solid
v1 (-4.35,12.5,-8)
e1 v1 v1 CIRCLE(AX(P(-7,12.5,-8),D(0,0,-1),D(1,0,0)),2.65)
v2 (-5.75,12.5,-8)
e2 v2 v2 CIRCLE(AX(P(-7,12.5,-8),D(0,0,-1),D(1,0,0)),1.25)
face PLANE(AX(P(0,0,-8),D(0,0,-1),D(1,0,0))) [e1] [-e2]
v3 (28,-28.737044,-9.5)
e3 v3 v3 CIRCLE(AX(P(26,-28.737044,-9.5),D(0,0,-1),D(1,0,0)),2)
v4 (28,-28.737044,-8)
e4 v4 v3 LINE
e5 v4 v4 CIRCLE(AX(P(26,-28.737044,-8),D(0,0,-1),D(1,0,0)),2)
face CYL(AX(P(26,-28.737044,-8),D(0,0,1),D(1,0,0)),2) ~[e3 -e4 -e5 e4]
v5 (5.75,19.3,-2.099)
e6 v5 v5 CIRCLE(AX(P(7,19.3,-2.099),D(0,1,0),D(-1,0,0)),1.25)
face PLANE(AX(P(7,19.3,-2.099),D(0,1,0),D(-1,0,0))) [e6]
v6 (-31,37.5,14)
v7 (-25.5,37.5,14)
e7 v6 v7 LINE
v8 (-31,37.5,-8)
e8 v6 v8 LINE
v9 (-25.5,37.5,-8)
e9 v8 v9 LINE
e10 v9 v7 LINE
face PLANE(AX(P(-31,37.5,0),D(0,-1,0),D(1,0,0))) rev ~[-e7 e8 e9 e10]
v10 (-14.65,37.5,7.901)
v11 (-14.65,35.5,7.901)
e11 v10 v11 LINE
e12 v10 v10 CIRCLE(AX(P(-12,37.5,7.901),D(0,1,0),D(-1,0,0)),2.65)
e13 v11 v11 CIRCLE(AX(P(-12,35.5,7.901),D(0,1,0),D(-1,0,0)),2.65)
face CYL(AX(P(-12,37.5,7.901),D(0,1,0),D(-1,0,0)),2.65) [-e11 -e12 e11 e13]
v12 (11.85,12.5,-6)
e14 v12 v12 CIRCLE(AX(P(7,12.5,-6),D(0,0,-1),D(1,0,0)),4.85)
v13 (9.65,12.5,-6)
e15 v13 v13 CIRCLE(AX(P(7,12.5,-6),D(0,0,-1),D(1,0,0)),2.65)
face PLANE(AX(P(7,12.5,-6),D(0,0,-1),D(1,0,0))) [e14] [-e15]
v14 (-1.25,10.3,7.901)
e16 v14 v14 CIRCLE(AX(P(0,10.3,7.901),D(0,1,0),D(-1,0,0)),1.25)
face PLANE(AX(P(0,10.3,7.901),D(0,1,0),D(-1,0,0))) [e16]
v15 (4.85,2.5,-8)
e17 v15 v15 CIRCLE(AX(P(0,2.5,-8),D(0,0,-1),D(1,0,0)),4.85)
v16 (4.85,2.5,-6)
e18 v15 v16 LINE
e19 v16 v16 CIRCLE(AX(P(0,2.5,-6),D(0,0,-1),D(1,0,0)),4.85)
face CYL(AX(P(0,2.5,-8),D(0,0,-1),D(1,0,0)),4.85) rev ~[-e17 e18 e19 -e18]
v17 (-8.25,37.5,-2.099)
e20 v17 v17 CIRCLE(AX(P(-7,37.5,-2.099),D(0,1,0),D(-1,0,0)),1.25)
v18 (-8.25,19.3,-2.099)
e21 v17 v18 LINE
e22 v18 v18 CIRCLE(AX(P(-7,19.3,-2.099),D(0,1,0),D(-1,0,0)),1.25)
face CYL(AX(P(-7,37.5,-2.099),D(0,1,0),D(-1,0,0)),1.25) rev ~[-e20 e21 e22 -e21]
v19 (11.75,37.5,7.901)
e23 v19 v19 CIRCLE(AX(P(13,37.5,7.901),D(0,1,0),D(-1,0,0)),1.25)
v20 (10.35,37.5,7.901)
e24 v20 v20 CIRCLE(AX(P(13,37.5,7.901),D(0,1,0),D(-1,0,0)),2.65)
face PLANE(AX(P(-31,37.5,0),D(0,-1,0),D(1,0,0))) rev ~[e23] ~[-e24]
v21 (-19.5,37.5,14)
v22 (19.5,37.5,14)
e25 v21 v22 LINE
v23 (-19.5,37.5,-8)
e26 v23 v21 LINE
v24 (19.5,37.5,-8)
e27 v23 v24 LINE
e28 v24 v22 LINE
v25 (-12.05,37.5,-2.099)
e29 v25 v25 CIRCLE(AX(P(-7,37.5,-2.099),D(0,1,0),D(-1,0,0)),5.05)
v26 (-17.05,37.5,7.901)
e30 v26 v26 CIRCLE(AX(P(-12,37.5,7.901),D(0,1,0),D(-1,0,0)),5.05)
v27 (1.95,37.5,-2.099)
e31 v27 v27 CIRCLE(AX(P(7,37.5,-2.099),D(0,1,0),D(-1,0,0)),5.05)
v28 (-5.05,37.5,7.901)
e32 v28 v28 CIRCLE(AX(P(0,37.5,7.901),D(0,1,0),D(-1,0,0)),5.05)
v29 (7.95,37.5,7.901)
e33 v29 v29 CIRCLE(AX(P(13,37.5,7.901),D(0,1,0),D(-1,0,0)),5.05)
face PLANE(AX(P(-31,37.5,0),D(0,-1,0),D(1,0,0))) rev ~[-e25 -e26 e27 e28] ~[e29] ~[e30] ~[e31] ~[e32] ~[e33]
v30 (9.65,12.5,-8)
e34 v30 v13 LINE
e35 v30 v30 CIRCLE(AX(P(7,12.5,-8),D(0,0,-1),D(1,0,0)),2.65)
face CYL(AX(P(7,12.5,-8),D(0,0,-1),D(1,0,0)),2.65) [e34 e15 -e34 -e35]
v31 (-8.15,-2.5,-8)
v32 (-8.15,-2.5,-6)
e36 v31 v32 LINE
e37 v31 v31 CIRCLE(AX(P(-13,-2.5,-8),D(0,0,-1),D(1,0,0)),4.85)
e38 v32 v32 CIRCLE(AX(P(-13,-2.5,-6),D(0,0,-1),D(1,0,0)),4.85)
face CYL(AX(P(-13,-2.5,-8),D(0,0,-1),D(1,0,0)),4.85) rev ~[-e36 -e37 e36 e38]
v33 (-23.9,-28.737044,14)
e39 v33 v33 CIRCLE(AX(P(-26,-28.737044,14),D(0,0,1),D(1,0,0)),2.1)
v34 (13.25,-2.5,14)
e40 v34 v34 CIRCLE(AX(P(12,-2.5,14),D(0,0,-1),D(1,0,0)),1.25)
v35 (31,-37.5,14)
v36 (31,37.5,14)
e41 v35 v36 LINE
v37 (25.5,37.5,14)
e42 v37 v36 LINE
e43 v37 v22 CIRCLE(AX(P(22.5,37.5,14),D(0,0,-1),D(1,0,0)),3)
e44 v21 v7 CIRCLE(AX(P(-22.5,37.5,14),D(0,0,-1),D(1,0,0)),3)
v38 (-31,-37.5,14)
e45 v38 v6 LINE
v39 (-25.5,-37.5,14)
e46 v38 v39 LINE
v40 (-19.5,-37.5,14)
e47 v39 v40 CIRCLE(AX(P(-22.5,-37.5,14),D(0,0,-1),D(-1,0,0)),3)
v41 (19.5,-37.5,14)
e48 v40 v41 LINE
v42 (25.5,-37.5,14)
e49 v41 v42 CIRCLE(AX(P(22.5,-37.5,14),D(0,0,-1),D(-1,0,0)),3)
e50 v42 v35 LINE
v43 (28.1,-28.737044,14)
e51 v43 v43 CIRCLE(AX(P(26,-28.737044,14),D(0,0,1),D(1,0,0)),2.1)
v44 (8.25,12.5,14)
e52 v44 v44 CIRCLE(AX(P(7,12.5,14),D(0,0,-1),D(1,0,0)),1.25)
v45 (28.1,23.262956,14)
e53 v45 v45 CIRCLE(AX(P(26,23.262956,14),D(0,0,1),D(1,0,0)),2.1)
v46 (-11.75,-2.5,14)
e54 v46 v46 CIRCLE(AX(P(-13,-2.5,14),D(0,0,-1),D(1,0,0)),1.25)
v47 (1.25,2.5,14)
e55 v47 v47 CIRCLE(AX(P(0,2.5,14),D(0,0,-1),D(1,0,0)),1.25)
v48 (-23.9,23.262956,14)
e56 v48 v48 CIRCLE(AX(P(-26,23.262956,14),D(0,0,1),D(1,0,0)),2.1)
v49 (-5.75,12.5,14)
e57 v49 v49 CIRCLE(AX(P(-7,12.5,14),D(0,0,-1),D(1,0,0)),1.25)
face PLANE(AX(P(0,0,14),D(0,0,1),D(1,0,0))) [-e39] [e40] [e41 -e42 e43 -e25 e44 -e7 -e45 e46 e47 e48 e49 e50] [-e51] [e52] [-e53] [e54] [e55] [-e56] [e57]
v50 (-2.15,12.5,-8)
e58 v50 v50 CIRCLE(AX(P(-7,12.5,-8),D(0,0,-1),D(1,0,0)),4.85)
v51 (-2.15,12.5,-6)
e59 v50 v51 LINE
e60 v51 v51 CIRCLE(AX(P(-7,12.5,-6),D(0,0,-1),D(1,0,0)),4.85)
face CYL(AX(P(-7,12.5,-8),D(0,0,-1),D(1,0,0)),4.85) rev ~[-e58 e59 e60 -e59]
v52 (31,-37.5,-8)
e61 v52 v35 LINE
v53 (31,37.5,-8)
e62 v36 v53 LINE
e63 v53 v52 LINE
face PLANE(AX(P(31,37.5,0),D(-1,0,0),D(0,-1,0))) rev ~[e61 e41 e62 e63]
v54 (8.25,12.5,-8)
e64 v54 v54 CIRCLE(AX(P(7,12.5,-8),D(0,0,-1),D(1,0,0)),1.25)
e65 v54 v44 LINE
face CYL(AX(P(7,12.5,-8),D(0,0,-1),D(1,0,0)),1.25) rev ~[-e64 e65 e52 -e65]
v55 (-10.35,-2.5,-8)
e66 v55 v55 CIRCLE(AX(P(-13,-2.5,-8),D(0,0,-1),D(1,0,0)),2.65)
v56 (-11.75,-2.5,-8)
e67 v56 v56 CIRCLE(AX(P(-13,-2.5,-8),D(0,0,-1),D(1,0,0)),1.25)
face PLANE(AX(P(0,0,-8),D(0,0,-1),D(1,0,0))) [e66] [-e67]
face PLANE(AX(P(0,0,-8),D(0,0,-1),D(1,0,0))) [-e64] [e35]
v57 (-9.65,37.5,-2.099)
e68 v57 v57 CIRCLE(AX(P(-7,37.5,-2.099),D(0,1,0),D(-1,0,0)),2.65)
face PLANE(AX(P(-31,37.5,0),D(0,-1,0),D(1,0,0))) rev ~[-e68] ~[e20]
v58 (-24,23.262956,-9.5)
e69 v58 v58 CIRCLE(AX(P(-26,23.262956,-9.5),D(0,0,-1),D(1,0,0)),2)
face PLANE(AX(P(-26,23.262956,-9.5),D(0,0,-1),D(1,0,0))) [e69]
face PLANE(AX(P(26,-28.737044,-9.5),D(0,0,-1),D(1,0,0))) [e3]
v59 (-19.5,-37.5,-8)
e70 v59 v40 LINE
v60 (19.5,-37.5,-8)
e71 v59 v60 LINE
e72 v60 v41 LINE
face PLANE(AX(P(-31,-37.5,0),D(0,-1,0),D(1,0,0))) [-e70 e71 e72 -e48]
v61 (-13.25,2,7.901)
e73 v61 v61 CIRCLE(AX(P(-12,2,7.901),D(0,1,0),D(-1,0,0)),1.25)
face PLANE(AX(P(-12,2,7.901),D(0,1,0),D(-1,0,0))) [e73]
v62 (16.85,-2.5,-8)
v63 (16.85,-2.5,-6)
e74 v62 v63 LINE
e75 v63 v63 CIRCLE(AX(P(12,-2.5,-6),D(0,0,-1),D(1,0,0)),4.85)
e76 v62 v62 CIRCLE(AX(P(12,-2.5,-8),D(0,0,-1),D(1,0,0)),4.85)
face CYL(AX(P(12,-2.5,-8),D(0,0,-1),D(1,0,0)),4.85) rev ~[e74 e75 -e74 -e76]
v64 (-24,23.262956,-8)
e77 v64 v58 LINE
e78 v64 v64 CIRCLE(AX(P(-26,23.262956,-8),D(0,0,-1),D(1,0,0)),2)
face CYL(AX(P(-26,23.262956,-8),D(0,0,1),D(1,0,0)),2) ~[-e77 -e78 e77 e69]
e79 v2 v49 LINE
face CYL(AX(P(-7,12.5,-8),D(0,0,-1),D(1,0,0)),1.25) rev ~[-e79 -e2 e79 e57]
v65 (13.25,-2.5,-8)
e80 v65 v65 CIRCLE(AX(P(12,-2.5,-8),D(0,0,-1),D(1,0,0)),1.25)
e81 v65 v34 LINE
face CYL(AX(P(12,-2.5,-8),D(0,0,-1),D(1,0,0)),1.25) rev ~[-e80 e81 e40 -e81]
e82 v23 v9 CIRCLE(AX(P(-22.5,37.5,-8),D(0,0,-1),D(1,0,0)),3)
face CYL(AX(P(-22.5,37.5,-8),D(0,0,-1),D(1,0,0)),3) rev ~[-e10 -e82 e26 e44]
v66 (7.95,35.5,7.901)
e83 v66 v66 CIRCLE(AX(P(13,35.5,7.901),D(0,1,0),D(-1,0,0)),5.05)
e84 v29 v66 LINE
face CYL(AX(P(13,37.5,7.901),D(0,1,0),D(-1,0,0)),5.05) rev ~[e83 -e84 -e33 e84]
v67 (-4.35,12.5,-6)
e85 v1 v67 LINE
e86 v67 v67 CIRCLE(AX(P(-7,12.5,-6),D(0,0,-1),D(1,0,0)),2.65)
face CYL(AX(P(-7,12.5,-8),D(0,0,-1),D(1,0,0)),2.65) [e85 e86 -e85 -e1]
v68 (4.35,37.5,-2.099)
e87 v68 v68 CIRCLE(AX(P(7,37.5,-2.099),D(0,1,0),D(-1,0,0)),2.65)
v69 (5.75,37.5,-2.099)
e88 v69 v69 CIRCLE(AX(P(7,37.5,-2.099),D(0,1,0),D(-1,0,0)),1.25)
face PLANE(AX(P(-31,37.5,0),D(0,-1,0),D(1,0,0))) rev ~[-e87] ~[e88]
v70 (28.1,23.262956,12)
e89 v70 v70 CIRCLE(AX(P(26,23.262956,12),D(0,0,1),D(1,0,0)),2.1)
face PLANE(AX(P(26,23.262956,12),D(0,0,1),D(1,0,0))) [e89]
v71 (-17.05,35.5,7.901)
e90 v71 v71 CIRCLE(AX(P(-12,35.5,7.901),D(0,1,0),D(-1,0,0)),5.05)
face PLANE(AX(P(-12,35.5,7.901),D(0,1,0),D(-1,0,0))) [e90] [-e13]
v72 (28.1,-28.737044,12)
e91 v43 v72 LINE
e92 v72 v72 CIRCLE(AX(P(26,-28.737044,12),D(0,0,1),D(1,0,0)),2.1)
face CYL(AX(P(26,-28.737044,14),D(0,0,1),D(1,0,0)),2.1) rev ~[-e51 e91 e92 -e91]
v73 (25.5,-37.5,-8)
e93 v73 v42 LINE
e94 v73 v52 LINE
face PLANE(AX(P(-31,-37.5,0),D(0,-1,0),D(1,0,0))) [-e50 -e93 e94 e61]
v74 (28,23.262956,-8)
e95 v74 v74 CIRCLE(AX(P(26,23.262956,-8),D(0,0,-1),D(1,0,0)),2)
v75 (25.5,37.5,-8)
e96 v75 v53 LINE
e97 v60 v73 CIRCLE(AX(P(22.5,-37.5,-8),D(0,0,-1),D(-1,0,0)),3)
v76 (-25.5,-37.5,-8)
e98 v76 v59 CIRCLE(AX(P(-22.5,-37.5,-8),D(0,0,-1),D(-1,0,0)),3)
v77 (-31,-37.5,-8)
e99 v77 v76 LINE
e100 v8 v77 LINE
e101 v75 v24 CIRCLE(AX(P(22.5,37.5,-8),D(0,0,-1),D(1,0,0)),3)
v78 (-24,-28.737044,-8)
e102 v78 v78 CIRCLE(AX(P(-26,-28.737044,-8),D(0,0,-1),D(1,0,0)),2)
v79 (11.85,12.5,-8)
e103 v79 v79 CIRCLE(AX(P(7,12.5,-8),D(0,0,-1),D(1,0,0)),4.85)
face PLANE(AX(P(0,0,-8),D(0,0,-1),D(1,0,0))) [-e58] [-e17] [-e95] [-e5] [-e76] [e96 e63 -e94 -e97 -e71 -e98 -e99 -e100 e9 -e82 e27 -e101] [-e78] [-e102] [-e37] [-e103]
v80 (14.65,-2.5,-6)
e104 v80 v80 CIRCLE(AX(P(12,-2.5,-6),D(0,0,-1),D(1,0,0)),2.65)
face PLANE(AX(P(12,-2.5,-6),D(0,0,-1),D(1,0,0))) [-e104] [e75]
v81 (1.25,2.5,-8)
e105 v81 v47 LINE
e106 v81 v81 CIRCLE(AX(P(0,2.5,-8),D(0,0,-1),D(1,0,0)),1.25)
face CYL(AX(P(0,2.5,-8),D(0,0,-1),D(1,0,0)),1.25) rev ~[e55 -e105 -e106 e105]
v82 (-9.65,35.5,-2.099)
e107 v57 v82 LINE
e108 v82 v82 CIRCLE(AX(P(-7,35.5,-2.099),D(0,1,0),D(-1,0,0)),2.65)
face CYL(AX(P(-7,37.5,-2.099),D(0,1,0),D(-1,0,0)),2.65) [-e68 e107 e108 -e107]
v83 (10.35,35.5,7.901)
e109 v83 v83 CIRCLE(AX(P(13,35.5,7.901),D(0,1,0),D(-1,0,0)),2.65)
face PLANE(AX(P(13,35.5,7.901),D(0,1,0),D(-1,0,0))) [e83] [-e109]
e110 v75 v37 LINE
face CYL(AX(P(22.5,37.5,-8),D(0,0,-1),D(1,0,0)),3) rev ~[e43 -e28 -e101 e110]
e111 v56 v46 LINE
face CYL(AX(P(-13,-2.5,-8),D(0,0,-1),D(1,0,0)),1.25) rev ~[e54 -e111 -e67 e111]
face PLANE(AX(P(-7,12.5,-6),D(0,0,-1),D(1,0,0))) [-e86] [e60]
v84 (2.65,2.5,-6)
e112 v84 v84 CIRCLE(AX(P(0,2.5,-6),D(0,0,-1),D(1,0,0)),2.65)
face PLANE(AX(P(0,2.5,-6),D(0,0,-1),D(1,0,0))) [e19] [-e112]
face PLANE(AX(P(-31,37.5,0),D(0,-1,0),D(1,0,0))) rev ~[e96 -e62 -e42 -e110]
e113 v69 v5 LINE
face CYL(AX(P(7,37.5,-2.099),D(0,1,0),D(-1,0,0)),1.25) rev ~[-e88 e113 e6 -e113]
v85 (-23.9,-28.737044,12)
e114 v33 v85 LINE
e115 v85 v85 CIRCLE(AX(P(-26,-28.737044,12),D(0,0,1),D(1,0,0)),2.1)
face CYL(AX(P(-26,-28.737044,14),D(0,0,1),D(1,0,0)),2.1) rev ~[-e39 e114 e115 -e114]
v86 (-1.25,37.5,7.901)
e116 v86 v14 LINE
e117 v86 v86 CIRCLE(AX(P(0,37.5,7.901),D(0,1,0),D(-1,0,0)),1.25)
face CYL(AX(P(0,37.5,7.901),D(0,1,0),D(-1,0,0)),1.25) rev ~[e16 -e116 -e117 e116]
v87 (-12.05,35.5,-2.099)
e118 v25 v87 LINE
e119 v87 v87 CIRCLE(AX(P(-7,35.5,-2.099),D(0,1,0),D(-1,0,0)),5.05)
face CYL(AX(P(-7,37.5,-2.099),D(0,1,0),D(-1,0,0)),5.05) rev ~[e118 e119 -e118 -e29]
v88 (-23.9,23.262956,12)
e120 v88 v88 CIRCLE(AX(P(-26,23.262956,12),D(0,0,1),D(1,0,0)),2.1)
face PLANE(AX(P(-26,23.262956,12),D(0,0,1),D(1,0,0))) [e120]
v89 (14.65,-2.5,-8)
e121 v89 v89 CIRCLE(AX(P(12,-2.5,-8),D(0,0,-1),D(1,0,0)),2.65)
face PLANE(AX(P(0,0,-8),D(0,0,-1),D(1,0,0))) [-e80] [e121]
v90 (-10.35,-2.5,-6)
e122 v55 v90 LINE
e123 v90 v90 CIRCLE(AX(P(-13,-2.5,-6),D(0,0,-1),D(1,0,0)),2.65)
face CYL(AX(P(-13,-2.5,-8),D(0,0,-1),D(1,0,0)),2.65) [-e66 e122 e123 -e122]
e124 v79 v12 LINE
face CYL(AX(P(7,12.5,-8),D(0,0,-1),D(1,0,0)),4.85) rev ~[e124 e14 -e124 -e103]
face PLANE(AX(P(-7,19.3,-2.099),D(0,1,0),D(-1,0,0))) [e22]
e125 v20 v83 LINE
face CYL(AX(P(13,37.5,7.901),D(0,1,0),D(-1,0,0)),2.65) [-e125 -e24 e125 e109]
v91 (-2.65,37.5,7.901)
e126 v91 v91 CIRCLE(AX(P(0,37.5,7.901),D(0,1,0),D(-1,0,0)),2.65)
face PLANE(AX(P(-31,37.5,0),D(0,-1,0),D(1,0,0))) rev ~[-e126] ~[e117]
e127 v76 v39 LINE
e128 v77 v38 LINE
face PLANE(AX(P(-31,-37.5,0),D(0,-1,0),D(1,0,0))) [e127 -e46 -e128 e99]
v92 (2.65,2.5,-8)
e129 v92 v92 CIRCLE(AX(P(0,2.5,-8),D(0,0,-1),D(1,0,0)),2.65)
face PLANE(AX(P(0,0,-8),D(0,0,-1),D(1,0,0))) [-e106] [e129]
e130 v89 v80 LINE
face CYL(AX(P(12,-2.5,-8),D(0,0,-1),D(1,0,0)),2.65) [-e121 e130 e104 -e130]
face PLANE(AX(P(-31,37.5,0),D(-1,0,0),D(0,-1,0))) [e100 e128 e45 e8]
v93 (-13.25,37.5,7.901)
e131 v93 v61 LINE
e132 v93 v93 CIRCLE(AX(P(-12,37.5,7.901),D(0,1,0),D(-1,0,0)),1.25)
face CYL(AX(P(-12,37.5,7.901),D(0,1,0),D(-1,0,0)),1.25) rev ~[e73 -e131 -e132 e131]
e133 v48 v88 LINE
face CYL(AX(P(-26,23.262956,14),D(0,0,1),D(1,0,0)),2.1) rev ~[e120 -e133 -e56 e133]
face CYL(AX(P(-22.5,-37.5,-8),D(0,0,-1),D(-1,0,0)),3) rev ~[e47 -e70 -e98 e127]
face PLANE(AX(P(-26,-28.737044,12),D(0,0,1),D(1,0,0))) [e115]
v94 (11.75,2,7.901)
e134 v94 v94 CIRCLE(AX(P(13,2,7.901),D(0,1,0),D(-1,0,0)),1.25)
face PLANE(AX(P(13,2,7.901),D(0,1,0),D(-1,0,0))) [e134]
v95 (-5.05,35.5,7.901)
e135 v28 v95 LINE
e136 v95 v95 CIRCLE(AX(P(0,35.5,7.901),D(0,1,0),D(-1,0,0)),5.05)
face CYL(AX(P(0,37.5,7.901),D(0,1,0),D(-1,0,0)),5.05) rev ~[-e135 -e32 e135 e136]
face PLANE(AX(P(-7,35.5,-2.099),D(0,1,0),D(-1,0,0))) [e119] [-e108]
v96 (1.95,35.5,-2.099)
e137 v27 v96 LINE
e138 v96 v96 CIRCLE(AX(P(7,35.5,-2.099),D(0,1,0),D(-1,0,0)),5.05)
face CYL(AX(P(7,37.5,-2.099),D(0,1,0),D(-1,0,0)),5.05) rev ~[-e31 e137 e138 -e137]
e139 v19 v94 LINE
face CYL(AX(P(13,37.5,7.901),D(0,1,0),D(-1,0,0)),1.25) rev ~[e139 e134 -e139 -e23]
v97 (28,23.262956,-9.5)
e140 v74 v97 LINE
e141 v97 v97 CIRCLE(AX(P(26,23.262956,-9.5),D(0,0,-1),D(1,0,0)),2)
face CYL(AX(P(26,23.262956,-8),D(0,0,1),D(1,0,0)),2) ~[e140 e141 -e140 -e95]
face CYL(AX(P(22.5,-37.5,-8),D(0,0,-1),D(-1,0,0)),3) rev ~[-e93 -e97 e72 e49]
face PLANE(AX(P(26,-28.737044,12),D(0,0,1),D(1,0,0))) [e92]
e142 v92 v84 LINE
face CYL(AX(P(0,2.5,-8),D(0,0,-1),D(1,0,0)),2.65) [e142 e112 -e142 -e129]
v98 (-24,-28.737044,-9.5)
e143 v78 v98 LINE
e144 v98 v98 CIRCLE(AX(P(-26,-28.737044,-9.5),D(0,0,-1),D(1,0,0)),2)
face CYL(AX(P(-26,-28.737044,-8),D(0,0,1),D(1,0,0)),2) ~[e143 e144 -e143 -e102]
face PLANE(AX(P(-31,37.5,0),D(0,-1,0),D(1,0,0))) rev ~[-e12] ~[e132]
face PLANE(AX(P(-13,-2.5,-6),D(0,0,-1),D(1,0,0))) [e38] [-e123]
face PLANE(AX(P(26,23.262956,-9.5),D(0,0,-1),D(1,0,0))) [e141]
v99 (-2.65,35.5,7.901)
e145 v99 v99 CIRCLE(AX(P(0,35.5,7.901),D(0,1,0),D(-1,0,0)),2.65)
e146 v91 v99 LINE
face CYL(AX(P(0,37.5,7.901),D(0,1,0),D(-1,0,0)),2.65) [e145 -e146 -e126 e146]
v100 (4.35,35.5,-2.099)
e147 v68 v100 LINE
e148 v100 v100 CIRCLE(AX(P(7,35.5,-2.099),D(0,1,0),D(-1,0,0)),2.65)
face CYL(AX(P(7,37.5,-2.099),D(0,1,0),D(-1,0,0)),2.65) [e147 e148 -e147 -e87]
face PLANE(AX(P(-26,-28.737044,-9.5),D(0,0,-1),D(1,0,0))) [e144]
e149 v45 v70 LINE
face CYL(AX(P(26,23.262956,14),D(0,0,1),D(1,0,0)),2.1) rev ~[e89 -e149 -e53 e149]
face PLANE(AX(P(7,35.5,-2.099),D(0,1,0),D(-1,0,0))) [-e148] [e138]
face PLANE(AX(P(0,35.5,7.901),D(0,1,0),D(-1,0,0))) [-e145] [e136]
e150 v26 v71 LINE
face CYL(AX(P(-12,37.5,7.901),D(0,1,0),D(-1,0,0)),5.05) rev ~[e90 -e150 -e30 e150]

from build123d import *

# Parameters (mm, degrees)
F0_W      = 62
F0_H      = 75
F1_DEPTH  = 14
F2_W      = 62
F2_H      = 75
F3_DEPTH  = 8
F4_R      = 1.25
F5_DEPTH  = 38
F6_R      = 4.85
F6_R_2    = 2.65
F7_DEPTH  = 2
F8_R      = 2.1
F9_DEPTH  = 2
F10_R     = 1.25
F11_DEPTH = 35.5
F12_R     = 5.05
F12_R_2   = 2.65
F13_DEPTH = 2
F14_DEPTH = 27.2
F15_DEPTH = 18.2
F17_DEPTH = 25
F18_R     = 2
F19_DEPTH = 1.5


with BuildPart() as f1:
    # F0 (on Top) → F1 (new body)
    with BuildSketch(Plane.XY):
        Rectangle(F0_W, F0_H)
    extrude(amount=F1_DEPTH)

    # F2 (on face) → F3 (join)
    with BuildSketch(Plane(origin=(0, 0, 0), x_dir=(1, 0, 0), z_dir=(0, 0, -1))):
        Rectangle(F2_W, F2_H)
    extrude(amount=F3_DEPTH)

    # F4 (on face) → F5 (cut)
    with BuildSketch(Plane(origin=(0, 0, -8), x_dir=(1, 0, 0), z_dir=(0, 0, -1))):
        with Locations((-13, 2.5)):
            Circle(F4_R)
        with Locations((-7, -12.5)):
            Circle(F4_R)
        with Locations((0, -2.5)):
            Circle(F4_R)
        with Locations((7, -12.5)):
            Circle(F4_R)
        with Locations((12, 2.5)):
            Circle(F4_R)
    extrude(amount=-F5_DEPTH, mode=Mode.SUBTRACT)

    # F6 (on face) → F7 (cut)
    with BuildSketch(Plane(origin=(0, 0, -8), x_dir=(1, 0, 0), z_dir=(0, 0, -1))):
        with Locations((-7, -12.5)):
            Circle(F6_R)
        with Locations((-7, -12.5)):
            Circle(F6_R_2, mode=Mode.SUBTRACT)
        with Locations((-13, 2.5)):
            Circle(F6_R)
        with Locations((-13, 2.5)):
            Circle(F6_R_2, mode=Mode.SUBTRACT)
        with Locations((0, -2.5)):
            Circle(F6_R)
        with Locations((0, -2.5)):
            Circle(F6_R_2, mode=Mode.SUBTRACT)
        with Locations((12, 2.5)):
            Circle(F6_R)
        with Locations((12, 2.5)):
            Circle(F6_R_2, mode=Mode.SUBTRACT)
        with Locations((7, -12.5)):
            Circle(F6_R)
        with Locations((7, -12.5)):
            Circle(F6_R_2, mode=Mode.SUBTRACT)
    extrude(amount=-F7_DEPTH, mode=Mode.SUBTRACT)

    # F8 (on face) → F9 (cut)
    with BuildSketch(Plane.XY.offset(14)):
        with Locations((-26, 23.2629562748)):
            Circle(F8_R)
        with Locations((26, 23.2629562748)):
            Circle(F8_R)
        with Locations((26, -28.7370437252)):
            Circle(F8_R)
        with Locations((-26, -28.7370437252)):
            Circle(F8_R)
    extrude(amount=-F9_DEPTH, mode=Mode.SUBTRACT)

    # F10 (on face) → F11 (cut)
    with BuildSketch(Plane(origin=(0, 37.5, 0), x_dir=(-1, 0, 0), z_dir=(0, 1, 0))):
        with Locations((12, 7.901)):
            Circle(F10_R)
        with Locations((-13, 7.901)):
            Circle(F10_R)
    extrude(amount=-F11_DEPTH, mode=Mode.SUBTRACT)

    # F12 (on face) → F13 (cut)
    with BuildSketch(Plane(origin=(0, 37.5, 0), x_dir=(-1, 0, 0), z_dir=(0, 1, 0))):
        with Locations((-13, 7.901)):
            Circle(F12_R)
        with Locations((-13, 7.901)):
            Circle(F12_R_2, mode=Mode.SUBTRACT)
        with Locations((-7, -2.099)):
            Circle(F12_R)
        with Locations((-7, -2.099)):
            Circle(F12_R_2, mode=Mode.SUBTRACT)
        with Locations((0, 7.901)):
            Circle(F12_R)
        with Locations((0, 7.901)):
            Circle(F12_R_2, mode=Mode.SUBTRACT)
        with Locations((7, -2.099)):
            Circle(F12_R)
        with Locations((7, -2.099)):
            Circle(F12_R_2, mode=Mode.SUBTRACT)
        with Locations((12, 7.901)):
            Circle(F12_R)
        with Locations((12, 7.901)):
            Circle(F12_R_2, mode=Mode.SUBTRACT)
    extrude(amount=-F13_DEPTH, mode=Mode.SUBTRACT)

    # F10 (on face) → F14 (cut)
    with BuildSketch(Plane(origin=(0, 37.5, 0), x_dir=(-1, 0, 0), z_dir=(0, 1, 0))):
        with Locations((0, 7.901)):
            Circle(F10_R)
    extrude(amount=-F14_DEPTH, mode=Mode.SUBTRACT)

    # F10 (on face) → F15 (cut)
    with BuildSketch(Plane(origin=(0, 37.5, 0), x_dir=(-1, 0, 0), z_dir=(0, 1, 0))):
        with Locations((7, -2.099)):
            Circle(F10_R)
        with Locations((-7, -2.099)):
            Circle(F10_R)
    extrude(amount=-F15_DEPTH, mode=Mode.SUBTRACT)

    # F16 (on face) → F17 (cut)
    with BuildSketch(Plane(origin=(0, 0, -8), x_dir=(1, 0, 0), z_dir=(0, 0, -1))):
        with BuildLine():
            ThreePointArc((-25.5, 37.5), (-22.5, 34.5), (-19.5, 37.5))
            Line((-19.5, 37.5), (-25.5, 37.5))
        make_face()
        with BuildLine():
            Line((25.5, 37.5), (19.5, 37.5))
            ThreePointArc((19.5, 37.5), (22.5, 34.5), (25.5, 37.5))
        make_face()
        with BuildLine():
            ThreePointArc((-19.5, -37.5), (-22.5, -34.5), (-25.5, -37.5))
            Line((-25.5, -37.5), (-19.5, -37.5))
        make_face()
        with BuildLine():
            Line((19.5, -37.5), (25.5, -37.5))
            ThreePointArc((25.5, -37.5), (22.5, -34.5), (19.5, -37.5))
        make_face()
    extrude(amount=-F17_DEPTH, mode=Mode.SUBTRACT)

    # F18 (on face) → F19 (join)
    with BuildSketch(Plane(origin=(0, 0, -8), x_dir=(1, 0, 0), z_dir=(0, 0, -1))):
        with Locations((-26, 28.7370437252)):
            Circle(F18_R)
        with Locations((26, 28.7370437252)):
            Circle(F18_R)
        with Locations((26, -23.2629562748)):
            Circle(F18_R)
        with Locations((-26, -23.2629562748)):
            Circle(F18_R)
    extrude(amount=F19_DEPTH)


solid = f1.part
